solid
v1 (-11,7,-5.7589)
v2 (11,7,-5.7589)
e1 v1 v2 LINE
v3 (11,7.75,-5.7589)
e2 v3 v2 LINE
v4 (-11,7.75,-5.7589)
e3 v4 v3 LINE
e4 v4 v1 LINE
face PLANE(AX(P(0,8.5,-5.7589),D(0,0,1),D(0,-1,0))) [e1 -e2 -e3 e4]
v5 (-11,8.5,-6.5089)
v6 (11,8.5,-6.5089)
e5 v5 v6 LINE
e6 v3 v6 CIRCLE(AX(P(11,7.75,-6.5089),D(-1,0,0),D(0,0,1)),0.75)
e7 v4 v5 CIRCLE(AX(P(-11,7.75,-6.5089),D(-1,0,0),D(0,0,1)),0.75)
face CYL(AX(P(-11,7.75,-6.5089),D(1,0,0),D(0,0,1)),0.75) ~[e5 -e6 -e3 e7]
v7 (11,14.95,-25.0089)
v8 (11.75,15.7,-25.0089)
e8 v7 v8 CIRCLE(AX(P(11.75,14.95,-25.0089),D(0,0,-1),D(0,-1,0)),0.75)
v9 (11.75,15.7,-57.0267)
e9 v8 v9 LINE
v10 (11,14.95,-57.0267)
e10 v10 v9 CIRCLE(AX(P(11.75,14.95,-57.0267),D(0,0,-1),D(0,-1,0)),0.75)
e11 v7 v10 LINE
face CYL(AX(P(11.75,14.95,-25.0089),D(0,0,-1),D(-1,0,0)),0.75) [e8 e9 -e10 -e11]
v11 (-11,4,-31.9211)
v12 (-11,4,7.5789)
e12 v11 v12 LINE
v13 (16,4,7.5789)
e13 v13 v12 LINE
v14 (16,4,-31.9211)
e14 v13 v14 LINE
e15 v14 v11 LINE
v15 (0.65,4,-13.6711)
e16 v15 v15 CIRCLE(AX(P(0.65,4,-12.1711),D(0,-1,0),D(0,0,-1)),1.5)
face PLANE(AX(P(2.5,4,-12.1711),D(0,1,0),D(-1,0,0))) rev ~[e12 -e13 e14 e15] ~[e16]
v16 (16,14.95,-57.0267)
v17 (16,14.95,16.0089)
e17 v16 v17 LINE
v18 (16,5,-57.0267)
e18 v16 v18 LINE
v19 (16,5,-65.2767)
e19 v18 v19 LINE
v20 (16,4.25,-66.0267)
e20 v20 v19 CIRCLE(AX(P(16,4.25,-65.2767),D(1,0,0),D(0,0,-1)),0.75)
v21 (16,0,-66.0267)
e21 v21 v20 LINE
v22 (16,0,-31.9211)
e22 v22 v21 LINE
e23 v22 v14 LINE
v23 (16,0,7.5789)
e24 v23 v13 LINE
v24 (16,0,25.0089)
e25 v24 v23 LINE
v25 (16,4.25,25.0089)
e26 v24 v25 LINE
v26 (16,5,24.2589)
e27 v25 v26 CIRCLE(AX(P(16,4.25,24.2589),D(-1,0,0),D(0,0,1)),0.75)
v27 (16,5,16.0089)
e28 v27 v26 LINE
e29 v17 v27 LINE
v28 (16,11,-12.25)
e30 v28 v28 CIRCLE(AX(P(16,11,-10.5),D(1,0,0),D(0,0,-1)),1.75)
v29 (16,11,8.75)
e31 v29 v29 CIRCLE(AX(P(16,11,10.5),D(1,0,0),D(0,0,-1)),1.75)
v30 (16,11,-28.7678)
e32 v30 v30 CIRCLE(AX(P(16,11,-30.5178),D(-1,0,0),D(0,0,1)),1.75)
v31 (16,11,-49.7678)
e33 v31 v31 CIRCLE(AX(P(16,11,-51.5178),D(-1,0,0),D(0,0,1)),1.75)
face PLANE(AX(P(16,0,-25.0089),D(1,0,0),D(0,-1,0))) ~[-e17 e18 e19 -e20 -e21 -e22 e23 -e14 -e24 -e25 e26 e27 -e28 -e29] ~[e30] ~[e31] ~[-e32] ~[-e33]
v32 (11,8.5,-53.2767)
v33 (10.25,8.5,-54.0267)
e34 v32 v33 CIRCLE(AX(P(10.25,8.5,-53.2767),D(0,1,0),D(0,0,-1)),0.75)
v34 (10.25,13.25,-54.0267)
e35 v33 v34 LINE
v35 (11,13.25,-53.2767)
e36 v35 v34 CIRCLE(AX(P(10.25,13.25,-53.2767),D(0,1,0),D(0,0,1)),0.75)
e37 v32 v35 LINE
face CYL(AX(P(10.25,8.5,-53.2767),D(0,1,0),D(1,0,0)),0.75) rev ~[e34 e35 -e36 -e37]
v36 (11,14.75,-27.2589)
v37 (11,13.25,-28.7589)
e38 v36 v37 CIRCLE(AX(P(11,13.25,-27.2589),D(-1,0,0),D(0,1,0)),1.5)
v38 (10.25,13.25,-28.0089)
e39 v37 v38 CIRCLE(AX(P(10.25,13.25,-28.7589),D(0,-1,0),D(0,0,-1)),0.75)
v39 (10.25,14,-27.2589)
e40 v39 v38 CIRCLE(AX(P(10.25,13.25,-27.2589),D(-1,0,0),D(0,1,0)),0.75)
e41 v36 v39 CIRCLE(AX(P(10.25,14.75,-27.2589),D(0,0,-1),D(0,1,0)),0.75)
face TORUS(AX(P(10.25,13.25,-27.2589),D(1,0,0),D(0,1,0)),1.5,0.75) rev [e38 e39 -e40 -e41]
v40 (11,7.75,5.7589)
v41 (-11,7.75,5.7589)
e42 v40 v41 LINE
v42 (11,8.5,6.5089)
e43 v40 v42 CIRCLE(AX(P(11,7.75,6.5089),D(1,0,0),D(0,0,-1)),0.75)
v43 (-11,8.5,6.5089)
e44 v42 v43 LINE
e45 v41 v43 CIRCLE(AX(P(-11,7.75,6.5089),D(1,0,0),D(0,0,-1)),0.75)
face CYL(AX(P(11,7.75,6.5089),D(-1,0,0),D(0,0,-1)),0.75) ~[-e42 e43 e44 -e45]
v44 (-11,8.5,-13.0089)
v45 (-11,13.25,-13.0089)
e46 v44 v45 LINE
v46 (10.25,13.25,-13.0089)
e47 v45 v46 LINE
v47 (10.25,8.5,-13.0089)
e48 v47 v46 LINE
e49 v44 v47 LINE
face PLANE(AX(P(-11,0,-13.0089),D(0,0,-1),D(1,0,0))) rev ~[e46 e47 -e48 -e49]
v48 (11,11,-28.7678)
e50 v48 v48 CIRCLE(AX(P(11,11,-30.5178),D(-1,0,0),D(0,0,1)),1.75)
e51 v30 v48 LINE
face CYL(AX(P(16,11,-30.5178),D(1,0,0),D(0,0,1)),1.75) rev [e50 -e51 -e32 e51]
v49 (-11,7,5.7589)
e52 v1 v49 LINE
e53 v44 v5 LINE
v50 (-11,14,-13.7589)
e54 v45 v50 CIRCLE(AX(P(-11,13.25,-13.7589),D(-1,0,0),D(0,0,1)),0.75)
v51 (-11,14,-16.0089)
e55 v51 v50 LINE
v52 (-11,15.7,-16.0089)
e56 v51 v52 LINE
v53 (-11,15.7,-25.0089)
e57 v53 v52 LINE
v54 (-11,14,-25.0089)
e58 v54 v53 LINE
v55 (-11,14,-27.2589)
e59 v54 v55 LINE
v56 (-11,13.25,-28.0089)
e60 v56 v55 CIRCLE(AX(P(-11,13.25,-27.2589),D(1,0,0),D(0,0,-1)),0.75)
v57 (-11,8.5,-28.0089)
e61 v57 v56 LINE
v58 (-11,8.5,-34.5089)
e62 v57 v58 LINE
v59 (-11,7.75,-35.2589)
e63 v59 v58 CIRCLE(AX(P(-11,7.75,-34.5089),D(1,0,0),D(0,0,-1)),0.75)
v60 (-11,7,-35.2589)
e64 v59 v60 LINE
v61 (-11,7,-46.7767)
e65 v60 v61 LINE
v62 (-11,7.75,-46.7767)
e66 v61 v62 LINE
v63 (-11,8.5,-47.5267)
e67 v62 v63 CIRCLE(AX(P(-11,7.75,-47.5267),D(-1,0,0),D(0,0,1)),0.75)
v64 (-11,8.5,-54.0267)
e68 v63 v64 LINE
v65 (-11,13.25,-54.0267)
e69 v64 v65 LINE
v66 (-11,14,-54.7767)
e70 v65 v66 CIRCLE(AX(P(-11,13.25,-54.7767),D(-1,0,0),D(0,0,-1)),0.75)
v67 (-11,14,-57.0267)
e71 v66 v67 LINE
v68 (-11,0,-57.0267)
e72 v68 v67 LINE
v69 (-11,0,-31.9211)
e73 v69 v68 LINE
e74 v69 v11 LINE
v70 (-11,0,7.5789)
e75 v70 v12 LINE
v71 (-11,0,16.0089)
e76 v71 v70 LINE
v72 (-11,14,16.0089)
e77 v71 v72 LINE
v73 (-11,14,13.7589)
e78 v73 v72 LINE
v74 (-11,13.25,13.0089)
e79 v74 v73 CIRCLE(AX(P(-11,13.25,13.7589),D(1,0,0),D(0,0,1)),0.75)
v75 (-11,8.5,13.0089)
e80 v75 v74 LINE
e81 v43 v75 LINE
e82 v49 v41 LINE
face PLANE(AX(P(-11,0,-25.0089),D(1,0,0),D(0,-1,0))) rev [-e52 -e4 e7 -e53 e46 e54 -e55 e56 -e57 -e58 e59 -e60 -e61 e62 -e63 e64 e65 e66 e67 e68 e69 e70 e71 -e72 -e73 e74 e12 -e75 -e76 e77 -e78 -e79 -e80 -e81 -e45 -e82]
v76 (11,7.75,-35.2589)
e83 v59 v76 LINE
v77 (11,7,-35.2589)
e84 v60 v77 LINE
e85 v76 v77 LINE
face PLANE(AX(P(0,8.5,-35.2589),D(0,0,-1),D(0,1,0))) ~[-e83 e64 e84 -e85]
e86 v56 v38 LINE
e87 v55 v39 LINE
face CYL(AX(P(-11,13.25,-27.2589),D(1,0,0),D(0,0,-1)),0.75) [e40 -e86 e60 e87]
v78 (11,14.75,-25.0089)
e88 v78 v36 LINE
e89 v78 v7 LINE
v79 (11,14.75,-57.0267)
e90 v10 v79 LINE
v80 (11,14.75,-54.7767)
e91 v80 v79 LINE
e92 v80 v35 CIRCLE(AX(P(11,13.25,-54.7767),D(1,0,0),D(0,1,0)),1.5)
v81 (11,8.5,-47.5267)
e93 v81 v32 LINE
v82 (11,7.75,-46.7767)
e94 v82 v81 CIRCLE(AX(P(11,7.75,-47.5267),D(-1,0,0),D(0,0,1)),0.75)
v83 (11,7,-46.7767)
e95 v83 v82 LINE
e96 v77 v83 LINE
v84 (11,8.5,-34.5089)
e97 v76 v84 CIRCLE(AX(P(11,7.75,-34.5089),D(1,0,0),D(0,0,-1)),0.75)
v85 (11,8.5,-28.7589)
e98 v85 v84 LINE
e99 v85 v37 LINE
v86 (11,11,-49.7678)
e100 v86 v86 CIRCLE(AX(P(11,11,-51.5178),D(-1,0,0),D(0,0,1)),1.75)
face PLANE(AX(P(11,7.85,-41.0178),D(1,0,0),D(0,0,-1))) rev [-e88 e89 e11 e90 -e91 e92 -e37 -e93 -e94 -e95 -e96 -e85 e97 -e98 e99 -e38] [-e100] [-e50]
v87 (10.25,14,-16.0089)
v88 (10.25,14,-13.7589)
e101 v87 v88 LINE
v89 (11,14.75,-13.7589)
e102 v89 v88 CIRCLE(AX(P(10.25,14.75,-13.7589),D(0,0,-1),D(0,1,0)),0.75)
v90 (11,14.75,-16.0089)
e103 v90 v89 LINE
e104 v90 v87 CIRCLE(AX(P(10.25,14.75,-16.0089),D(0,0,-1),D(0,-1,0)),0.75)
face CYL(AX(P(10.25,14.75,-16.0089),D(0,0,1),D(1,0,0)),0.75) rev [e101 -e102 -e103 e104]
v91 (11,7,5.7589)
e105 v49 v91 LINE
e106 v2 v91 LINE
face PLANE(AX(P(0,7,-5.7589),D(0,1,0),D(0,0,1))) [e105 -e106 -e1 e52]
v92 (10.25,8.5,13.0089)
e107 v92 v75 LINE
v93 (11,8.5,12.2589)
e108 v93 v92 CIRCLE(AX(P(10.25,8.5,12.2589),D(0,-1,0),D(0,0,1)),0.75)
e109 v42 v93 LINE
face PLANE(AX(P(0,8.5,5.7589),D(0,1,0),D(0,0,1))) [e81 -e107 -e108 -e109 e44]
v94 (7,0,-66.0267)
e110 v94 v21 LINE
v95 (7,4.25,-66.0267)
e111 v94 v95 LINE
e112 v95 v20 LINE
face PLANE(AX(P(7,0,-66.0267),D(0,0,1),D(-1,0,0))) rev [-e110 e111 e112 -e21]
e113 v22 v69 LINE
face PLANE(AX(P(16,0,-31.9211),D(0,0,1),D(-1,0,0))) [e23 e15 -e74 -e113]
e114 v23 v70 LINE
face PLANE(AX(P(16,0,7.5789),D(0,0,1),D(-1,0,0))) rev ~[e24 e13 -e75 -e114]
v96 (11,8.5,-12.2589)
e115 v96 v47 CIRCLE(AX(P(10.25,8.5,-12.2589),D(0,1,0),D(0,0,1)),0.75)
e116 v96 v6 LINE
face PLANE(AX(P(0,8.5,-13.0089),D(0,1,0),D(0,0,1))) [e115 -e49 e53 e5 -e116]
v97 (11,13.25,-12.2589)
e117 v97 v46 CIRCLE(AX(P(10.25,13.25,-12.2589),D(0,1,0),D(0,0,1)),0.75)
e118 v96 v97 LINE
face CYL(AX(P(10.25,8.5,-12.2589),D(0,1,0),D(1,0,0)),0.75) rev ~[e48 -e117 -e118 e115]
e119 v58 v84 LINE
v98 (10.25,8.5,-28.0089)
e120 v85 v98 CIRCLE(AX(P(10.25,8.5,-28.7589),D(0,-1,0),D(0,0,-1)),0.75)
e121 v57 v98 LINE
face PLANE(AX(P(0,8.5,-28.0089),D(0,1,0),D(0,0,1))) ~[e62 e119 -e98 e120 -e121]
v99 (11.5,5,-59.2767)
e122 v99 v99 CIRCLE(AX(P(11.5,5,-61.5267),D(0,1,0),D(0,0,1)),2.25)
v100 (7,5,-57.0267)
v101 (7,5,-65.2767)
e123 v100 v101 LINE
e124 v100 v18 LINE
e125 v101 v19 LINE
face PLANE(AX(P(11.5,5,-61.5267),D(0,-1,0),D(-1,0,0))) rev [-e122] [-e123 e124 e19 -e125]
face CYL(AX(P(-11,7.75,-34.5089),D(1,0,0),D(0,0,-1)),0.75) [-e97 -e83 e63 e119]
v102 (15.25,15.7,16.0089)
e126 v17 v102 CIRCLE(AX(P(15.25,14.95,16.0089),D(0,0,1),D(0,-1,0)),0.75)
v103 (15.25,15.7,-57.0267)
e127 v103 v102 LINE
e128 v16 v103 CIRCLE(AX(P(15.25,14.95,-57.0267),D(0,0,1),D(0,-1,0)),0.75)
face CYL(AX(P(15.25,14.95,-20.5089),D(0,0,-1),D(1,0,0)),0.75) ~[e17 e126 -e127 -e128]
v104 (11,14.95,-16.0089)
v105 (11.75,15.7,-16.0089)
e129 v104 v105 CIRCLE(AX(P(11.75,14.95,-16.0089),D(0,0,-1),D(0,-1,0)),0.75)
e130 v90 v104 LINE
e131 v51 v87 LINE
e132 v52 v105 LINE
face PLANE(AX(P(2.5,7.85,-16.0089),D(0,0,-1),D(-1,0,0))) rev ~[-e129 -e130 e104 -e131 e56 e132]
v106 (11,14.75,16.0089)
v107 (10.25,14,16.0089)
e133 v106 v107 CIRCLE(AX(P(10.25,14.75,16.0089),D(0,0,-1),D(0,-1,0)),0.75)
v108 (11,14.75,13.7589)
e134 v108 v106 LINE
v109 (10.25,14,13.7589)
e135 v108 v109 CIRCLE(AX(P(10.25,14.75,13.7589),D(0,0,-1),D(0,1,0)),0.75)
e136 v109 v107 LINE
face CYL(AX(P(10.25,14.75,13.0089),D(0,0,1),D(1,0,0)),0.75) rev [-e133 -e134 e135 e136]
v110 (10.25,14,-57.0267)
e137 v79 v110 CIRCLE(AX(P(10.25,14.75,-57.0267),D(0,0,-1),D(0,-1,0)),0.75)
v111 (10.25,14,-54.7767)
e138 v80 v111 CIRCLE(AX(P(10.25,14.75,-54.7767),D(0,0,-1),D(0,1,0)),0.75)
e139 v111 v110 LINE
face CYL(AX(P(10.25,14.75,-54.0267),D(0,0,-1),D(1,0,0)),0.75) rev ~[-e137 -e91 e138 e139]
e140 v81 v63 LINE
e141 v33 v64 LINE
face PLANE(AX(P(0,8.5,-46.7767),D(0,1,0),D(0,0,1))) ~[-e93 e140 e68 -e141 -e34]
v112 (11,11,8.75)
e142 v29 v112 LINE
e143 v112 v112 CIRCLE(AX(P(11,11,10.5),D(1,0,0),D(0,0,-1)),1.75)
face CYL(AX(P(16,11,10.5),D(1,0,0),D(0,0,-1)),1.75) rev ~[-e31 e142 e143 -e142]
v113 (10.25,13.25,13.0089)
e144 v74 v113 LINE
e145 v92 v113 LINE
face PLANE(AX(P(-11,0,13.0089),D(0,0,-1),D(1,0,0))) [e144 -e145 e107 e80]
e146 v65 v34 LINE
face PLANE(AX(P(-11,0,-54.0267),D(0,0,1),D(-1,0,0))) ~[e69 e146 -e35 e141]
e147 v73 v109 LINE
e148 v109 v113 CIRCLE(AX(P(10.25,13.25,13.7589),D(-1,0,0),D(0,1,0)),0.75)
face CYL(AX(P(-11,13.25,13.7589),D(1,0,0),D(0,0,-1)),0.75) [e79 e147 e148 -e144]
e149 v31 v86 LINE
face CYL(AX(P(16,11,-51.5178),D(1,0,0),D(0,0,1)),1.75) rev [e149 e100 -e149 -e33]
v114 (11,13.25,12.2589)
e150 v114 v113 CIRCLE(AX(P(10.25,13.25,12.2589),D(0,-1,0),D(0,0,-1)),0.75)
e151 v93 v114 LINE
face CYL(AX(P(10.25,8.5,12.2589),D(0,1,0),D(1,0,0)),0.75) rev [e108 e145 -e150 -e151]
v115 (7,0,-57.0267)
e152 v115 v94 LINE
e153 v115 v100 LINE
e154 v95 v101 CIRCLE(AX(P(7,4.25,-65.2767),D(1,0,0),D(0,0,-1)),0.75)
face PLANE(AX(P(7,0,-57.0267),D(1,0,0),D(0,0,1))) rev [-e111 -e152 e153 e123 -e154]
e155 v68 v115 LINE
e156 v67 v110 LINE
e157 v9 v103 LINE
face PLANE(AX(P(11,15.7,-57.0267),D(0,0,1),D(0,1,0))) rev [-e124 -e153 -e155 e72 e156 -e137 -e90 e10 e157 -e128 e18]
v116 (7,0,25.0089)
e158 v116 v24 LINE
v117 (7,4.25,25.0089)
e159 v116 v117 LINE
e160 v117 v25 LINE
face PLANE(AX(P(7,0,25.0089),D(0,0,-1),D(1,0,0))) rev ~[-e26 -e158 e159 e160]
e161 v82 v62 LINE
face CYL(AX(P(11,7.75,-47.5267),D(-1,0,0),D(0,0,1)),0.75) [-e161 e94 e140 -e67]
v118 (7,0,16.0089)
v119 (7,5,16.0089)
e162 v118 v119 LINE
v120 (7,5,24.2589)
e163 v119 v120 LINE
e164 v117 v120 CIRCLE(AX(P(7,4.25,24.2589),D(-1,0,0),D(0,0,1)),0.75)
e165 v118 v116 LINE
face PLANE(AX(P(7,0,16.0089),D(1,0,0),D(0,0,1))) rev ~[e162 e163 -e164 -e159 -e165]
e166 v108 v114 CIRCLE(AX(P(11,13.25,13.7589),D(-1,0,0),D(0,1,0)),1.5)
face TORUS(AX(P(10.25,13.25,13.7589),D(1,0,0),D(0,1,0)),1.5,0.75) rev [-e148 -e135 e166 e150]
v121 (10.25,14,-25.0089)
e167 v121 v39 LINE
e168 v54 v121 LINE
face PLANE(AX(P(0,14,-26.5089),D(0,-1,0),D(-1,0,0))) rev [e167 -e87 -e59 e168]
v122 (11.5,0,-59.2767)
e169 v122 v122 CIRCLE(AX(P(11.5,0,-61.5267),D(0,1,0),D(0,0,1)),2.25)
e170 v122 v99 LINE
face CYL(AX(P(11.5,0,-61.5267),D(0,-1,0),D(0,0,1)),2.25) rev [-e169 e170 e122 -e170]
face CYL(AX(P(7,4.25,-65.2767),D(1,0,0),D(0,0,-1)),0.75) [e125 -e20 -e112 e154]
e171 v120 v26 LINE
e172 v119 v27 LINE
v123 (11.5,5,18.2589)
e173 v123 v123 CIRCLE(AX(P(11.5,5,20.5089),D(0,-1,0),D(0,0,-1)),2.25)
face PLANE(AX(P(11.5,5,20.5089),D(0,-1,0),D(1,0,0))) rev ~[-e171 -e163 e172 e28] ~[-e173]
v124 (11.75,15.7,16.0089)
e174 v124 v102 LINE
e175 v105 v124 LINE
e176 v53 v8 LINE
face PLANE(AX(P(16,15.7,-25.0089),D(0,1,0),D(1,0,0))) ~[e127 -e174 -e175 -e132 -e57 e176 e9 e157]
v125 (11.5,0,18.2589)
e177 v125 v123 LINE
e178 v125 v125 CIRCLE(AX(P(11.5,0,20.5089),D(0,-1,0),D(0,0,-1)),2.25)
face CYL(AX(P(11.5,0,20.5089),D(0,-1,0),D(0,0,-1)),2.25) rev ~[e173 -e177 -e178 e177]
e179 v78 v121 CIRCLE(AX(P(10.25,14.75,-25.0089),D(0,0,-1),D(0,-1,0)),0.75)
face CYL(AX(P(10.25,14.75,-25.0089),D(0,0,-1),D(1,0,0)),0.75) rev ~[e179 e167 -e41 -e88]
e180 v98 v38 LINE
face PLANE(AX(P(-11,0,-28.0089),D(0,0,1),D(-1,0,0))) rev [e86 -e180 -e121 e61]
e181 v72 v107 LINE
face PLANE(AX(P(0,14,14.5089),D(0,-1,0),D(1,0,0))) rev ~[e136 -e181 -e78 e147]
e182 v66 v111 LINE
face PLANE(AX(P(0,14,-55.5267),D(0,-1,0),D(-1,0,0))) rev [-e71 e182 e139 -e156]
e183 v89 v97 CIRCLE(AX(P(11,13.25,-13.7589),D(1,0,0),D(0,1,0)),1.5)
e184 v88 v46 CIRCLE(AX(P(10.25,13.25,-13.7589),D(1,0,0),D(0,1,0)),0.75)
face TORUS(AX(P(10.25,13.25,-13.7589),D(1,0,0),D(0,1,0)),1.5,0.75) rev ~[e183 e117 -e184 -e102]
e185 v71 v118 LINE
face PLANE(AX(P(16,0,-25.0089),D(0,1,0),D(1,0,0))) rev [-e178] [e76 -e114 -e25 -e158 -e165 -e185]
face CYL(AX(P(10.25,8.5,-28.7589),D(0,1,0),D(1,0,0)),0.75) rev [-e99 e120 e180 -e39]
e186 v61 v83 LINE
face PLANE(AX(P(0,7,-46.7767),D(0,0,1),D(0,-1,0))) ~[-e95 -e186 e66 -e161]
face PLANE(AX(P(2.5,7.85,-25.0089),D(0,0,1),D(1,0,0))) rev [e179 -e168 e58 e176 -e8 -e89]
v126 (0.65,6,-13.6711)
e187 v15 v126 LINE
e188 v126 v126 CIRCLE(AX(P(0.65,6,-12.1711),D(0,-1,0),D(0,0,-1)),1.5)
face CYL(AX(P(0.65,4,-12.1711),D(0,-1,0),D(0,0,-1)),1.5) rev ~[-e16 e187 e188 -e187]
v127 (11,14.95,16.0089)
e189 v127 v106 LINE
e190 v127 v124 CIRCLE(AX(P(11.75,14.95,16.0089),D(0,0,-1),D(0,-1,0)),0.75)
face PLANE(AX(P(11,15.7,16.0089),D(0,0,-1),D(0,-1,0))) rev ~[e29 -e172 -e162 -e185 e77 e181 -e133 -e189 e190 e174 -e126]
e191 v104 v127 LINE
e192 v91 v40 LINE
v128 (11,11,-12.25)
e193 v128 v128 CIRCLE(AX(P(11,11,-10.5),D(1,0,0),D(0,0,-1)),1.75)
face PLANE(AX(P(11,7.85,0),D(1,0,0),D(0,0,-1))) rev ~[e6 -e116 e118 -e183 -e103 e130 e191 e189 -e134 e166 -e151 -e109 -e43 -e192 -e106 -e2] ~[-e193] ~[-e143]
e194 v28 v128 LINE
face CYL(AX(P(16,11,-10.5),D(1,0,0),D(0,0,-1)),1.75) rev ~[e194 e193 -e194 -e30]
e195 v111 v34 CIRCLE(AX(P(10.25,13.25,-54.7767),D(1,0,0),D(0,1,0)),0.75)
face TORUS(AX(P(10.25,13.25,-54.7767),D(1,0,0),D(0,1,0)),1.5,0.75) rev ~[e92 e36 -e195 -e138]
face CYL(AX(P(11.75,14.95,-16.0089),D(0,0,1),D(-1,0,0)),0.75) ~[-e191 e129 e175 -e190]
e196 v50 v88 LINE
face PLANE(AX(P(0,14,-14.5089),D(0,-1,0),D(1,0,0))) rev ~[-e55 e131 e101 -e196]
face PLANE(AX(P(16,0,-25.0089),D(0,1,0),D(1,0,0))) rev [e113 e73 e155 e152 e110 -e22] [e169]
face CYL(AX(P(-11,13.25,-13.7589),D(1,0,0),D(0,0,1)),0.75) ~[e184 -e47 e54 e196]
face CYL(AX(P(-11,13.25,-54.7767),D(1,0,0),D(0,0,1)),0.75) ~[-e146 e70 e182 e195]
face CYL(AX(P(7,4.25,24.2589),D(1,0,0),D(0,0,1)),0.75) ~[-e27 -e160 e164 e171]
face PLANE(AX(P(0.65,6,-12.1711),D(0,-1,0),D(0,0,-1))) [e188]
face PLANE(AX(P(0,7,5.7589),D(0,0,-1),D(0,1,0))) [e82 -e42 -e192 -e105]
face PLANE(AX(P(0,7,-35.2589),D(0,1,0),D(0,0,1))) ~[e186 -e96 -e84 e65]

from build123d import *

# Parameters (mm, degrees)
BOSS_EXTRUDE1_DEPTH = 11
SKETCH3_W           = 22
SKETCH3_H           = 3
BOSS_EXTRUDE2_DEPTH = 14
BOSS_EXTRUDE3_DEPTH = 5
SKETCH5_R           = 1.75
CUT_EXTRUDE1_DEPTH  = 36.096650541
SKETCH6_W           = 9
SKETCH6_H           = 9
BOSS_EXTRUDE4_DEPTH = 5
SKETCH10_R          = 2.25
CUT_EXTRUDE2_DEPTH  = 34.584744739
SKETCH8_W           = 27
SKETCH8_H           = 15.7
BOSS_EXTRUDE5_DEPTH = 4.5
FILLET1_R           = 0.75
CUT_EXTRUDE3_DEPTH  = 4
SKETCH12_R          = 1.5
CUT_EXTRUDE4_DEPTH  = 2


with BuildPart() as part:
    # Sketch1 → Boss-Extrude1 (new, symmetric)
    with BuildSketch(Plane(origin=(0, 0, 0), x_dir=(0, 0, -1), z_dir=(1, 0, 0))):
        Polygon((-13.0089, 0), (13.0089, 0), (13.0089, 8.5), (5.7589, 8.5), (5.7589, 7), (-5.7589, 7), (-5.7589, 8.5), (-13.0089, 8.5), align=None)
    extrude(amount=BOSS_EXTRUDE1_DEPTH, both=True)

    # Sketch3 → Boss-Extrude2 (add)
    with BuildSketch(Plane.XZ):
        with Locations((0, -14.5089)):
            Rectangle(SKETCH3_W, SKETCH3_H)
        with Locations((0, 14.5089)):
            Rectangle(SKETCH3_W, SKETCH3_H)
    extrude(amount=-BOSS_EXTRUDE2_DEPTH)

    # Sketch4 → Boss-Extrude3 (add)
    with BuildSketch(Plane(origin=(11, 0, 0), x_dir=(0, 0, -1), z_dir=(1, 0, 0))):
        Polygon((-8.8, 15.7), (-16.0089, 15.7), (-16.0089, 0), (16.0089, 0), (16.0089, 15.7), align=None)
    extrude(amount=BOSS_EXTRUDE3_DEPTH)

    # Sketch5 → Cut-Extrude1 (cut, through all)
    with BuildSketch(Plane(origin=(16, 0, 0), x_dir=(0, 0, -1), z_dir=(1, 0, 0))):
        with Locations((-10.5, 11)):
            Circle(SKETCH5_R)
        with Locations((10.5, 11)):
            Circle(SKETCH5_R)
    extrude(amount=-CUT_EXTRUDE1_DEPTH, mode=Mode.SUBTRACT)

    # Sketch6 → Boss-Extrude4 (add)
    with BuildSketch(Plane.XZ):
        with Locations((11.5, 20.5089)):
            Rectangle(SKETCH6_W, SKETCH6_H)
    extrude(amount=-BOSS_EXTRUDE4_DEPTH)

    # Sketch10 → Cut-Extrude2 (cut, through all)
    with BuildSketch(Plane.XZ):
        with Locations(Location((11.5, 20.5089, 0), (0, 0, 270))):
            Circle(SKETCH10_R)
    extrude(amount=-CUT_EXTRUDE2_DEPTH, mode=Mode.SUBTRACT)

    # Sketch8 → Boss-Extrude5 (add)
    with BuildSketch(Plane(origin=(0, 0, -16.0089), x_dir=(-1, 0, 0), z_dir=(0, 0, -1))):
        with Locations((-2.5, 7.85)):
            Rectangle(SKETCH8_W, SKETCH8_H)
    extrude(amount=BOSS_EXTRUDE5_DEPTH)

    # Fillet1
    fillet1_edges = [part.edges().sort_by_distance(p)[0] for p in [
        (0, 8.5, 5.7589),
        (0, 8.5, -5.7589),
        (0, 14, -13.0089),
        (11, 14, -14.5089),
        (11, 11.25, -13.0089),
        (11, 14, 14.5089),
        (11, 11.25, 13.0089),
        (0, 14, 13.0089),
        (11, 15.7, 0),
        (16, 15.7, -2.25),
        (11.5, 5, 25.0089),
    ]]
    fillet(fillet1_edges, radius=FILLET1_R)

    # Mirror6: part across plane


with BuildPart() as part_1:
    add(part.part)
    add(part.part.mirror(Plane(origin=(0, 0, -20.5089), x_dir=(1, 0, 0), z_dir=(0, 0, -1))))

    # Sketch11 → Cut-Extrude3 (cut)
    with BuildSketch(Plane.XZ):
        Polygon((0.65, 7.5789), (16, 7.5789), (16, -31.9211), (-11, -31.9211), (-11, 7.5789), align=None)
    extrude(amount=-CUT_EXTRUDE3_DEPTH, mode=Mode.SUBTRACT)

    # Sketch12 → Cut-Extrude4 (cut)
    with BuildSketch(Plane.XZ.offset(-4)):
        with Locations(Location((0.65, -12.1711, 0), (0, 0, 270))):
            Circle(SKETCH12_R)
    extrude(amount=-CUT_EXTRUDE4_DEPTH, mode=Mode.SUBTRACT)


solid = part_1.part
